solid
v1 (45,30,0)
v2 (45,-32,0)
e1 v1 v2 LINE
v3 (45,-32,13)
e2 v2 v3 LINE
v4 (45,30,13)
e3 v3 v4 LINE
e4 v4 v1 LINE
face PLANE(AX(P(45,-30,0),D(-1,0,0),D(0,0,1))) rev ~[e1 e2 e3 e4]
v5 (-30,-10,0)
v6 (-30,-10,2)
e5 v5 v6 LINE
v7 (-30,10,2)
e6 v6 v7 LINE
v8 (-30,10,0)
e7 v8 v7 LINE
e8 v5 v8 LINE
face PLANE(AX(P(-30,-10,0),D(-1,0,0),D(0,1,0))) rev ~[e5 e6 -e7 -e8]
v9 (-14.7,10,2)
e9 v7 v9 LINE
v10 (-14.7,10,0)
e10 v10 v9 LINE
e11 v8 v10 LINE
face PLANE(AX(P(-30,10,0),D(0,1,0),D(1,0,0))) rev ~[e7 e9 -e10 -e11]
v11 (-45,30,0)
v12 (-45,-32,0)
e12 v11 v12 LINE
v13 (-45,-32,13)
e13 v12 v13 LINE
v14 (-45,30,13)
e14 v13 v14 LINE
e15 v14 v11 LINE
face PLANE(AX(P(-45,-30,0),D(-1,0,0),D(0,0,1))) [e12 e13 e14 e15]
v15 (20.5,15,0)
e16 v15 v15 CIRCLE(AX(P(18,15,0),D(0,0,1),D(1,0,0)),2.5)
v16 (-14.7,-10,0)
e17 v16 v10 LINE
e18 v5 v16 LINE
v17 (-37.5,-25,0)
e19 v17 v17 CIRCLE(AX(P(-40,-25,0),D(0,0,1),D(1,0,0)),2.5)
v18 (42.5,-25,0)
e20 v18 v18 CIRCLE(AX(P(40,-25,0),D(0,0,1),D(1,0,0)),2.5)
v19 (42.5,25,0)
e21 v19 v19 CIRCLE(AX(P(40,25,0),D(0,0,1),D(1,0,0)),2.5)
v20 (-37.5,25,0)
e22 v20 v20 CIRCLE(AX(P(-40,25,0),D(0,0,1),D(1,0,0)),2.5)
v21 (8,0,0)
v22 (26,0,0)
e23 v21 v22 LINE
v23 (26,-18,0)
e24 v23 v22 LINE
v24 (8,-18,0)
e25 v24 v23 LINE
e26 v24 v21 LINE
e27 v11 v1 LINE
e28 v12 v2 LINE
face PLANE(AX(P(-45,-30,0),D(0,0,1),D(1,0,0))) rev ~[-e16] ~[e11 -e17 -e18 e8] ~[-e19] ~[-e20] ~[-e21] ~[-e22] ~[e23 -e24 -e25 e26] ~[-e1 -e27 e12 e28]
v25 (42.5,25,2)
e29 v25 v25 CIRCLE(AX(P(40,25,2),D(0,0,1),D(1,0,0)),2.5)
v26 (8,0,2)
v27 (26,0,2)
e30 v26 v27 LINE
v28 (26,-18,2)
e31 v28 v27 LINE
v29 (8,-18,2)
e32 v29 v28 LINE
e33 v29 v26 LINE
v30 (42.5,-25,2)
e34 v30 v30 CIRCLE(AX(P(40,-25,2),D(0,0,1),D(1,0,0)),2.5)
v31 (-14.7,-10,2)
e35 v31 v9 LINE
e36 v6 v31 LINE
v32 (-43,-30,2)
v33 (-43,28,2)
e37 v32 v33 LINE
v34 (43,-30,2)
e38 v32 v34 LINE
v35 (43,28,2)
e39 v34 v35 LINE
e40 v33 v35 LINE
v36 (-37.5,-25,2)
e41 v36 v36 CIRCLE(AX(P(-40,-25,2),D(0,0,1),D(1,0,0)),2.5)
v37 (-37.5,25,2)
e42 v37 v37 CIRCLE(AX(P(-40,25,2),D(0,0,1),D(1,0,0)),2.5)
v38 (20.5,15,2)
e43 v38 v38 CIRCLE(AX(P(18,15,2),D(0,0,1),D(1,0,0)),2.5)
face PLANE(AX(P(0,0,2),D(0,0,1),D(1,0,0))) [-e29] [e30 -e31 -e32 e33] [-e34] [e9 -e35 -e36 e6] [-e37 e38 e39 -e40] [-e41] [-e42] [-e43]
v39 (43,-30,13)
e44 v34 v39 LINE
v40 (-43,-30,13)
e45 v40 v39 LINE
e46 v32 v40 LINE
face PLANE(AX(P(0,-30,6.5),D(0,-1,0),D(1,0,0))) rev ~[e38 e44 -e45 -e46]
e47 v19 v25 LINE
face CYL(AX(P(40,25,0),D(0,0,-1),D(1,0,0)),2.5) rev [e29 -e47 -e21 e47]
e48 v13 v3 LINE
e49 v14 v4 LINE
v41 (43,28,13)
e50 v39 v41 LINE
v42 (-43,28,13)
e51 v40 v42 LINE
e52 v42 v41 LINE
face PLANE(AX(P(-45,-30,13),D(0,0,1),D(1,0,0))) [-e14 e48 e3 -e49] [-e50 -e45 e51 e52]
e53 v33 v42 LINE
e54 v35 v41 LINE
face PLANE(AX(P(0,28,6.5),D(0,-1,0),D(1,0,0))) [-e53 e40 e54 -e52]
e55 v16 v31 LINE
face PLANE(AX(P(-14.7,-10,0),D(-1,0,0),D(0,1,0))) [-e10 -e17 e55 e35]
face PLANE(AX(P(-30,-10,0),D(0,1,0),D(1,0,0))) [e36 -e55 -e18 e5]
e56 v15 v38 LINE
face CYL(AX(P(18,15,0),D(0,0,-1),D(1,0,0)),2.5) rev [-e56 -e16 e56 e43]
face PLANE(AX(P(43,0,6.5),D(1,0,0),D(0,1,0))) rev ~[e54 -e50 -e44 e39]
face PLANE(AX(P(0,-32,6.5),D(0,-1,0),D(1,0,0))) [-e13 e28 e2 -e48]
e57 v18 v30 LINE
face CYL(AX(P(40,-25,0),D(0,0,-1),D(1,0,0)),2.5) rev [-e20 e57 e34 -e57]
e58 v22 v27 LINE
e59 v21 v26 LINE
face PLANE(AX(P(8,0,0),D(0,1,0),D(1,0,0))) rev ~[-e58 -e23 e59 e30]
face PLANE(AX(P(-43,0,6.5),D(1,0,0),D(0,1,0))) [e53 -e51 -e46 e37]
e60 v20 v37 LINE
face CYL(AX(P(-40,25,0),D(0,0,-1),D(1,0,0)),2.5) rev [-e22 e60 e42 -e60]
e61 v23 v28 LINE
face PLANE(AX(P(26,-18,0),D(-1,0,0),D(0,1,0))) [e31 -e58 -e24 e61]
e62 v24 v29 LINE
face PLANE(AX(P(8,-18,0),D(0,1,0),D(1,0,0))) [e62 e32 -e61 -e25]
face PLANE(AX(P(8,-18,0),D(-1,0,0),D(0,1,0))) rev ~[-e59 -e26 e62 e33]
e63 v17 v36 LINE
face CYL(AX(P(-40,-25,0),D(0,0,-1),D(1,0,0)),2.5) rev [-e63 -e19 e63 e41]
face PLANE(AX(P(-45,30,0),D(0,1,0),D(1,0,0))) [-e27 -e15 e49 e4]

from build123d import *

# Parameters (mm, degrees)
SKETCH003_W  = 90
SKETCH003_H  = 13
PAD003_DEPTH = 2
SKETCH002_W  = 60
SKETCH002_H  = 13
PAD002_DEPTH = 2
SKETCH_W     = 90
SKETCH_H     = 60
SKETCH_R     = 2.5
SKETCH_W_2   = 18
SKETCH_H_2   = 18
SKETCH_W_3   = 15.3
SKETCH_H_3   = 20
PAD_DEPTH    = 2
SKETCH001_W  = 90
SKETCH001_H  = 13
PAD001_DEPTH = 2
SKETCH004_W  = 60
SKETCH004_H  = 13
PAD004_DEPTH = 2


with BuildPart() as body003:
    # Sketch003 → Pad003 (new body)
    with BuildSketch(Plane.XZ):
        with Locations((0, 6.5)):
            Rectangle(SKETCH003_W, SKETCH003_H)
    extrude(amount=PAD003_DEPTH)


with BuildPart() as body003_1:
    # Body003 placement: moved
    add(body003.part.moved(Location((0, -30, 0))))


with BuildPart() as body002:
    # Sketch002 → Pad002 (new body)
    with BuildSketch(Plane.YZ):
        with Locations((0, 6.5)):
            Rectangle(SKETCH002_W, SKETCH002_H)
    extrude(amount=PAD002_DEPTH)


with BuildPart() as body002_1:
    # Body002 placement: moved
    add(body002.part.moved(Location((43, 0, 0))))


with BuildPart() as body:
    # Sketch → Pad (new body)
    with BuildSketch(Plane.XY):
        Rectangle(SKETCH_W, SKETCH_H)
        with Locations((-40, 25)):
            Circle(SKETCH_R, mode=Mode.SUBTRACT)
        with Locations((-40, -25)):
            Circle(SKETCH_R, mode=Mode.SUBTRACT)
        with Locations((40, -25)):
            Circle(SKETCH_R, mode=Mode.SUBTRACT)
        with Locations((40, 25)):
            Circle(SKETCH_R, mode=Mode.SUBTRACT)
        with Locations((18, 15)):
            Circle(SKETCH_R, mode=Mode.SUBTRACT)
        with Locations((17, -9)):
            Rectangle(SKETCH_W_2, SKETCH_H_2, mode=Mode.SUBTRACT)
        with Locations((-22.35, 0)):
            Rectangle(SKETCH_W_3, SKETCH_H_3, mode=Mode.SUBTRACT)
    extrude(amount=PAD_DEPTH)


with BuildPart() as body001:
    # Sketch001 → Pad001 (new body)
    with BuildSketch(Plane.XZ):
        with Locations((0, 6.5)):
            Rectangle(SKETCH001_W, SKETCH001_H)
    extrude(amount=PAD001_DEPTH)


with BuildPart() as body001_1:
    # Body001 placement: moved
    add(body001.part.moved(Location((0, 30, 0))))


with BuildPart() as fusion001:
    # Fusion base: copy of Body
    add(body.part)

    # Fusion: union Body001
    add(body001_1.part)

    # Fusion001: union Body002, Body, Body001
    add(body002_1.part)
    add(body.part)
    add(body001_1.part)


with BuildPart() as fusion002:
    # Fusion002 base: copy of Fusion001
    add(fusion001.part)

    # Fusion002: union Body003
    add(body003_1.part)


with BuildPart() as body004:
    # Sketch004 → Pad004 (new body)
    with BuildSketch(Plane.YZ):
        with Locations((0, 6.5)):
            Rectangle(SKETCH004_W, SKETCH004_H)
    extrude(amount=PAD004_DEPTH)


with BuildPart() as body004_1:
    # Body004 placement: moved
    add(body004.part.moved(Location((-45, 0, 0))))


with BuildPart() as fusion004:
    # Fusion003 base: copy of Fusion002
    add(fusion002.part)

    # Fusion003: union Body004
    add(body004_1.part)

    # Fusion004: union Fusion002, Body004, Fusion001, Body003
    add(fusion002.part)
    add(body004_1.part)
    add(fusion001.part)
    add(body003_1.part)


solid = fusion004.part
